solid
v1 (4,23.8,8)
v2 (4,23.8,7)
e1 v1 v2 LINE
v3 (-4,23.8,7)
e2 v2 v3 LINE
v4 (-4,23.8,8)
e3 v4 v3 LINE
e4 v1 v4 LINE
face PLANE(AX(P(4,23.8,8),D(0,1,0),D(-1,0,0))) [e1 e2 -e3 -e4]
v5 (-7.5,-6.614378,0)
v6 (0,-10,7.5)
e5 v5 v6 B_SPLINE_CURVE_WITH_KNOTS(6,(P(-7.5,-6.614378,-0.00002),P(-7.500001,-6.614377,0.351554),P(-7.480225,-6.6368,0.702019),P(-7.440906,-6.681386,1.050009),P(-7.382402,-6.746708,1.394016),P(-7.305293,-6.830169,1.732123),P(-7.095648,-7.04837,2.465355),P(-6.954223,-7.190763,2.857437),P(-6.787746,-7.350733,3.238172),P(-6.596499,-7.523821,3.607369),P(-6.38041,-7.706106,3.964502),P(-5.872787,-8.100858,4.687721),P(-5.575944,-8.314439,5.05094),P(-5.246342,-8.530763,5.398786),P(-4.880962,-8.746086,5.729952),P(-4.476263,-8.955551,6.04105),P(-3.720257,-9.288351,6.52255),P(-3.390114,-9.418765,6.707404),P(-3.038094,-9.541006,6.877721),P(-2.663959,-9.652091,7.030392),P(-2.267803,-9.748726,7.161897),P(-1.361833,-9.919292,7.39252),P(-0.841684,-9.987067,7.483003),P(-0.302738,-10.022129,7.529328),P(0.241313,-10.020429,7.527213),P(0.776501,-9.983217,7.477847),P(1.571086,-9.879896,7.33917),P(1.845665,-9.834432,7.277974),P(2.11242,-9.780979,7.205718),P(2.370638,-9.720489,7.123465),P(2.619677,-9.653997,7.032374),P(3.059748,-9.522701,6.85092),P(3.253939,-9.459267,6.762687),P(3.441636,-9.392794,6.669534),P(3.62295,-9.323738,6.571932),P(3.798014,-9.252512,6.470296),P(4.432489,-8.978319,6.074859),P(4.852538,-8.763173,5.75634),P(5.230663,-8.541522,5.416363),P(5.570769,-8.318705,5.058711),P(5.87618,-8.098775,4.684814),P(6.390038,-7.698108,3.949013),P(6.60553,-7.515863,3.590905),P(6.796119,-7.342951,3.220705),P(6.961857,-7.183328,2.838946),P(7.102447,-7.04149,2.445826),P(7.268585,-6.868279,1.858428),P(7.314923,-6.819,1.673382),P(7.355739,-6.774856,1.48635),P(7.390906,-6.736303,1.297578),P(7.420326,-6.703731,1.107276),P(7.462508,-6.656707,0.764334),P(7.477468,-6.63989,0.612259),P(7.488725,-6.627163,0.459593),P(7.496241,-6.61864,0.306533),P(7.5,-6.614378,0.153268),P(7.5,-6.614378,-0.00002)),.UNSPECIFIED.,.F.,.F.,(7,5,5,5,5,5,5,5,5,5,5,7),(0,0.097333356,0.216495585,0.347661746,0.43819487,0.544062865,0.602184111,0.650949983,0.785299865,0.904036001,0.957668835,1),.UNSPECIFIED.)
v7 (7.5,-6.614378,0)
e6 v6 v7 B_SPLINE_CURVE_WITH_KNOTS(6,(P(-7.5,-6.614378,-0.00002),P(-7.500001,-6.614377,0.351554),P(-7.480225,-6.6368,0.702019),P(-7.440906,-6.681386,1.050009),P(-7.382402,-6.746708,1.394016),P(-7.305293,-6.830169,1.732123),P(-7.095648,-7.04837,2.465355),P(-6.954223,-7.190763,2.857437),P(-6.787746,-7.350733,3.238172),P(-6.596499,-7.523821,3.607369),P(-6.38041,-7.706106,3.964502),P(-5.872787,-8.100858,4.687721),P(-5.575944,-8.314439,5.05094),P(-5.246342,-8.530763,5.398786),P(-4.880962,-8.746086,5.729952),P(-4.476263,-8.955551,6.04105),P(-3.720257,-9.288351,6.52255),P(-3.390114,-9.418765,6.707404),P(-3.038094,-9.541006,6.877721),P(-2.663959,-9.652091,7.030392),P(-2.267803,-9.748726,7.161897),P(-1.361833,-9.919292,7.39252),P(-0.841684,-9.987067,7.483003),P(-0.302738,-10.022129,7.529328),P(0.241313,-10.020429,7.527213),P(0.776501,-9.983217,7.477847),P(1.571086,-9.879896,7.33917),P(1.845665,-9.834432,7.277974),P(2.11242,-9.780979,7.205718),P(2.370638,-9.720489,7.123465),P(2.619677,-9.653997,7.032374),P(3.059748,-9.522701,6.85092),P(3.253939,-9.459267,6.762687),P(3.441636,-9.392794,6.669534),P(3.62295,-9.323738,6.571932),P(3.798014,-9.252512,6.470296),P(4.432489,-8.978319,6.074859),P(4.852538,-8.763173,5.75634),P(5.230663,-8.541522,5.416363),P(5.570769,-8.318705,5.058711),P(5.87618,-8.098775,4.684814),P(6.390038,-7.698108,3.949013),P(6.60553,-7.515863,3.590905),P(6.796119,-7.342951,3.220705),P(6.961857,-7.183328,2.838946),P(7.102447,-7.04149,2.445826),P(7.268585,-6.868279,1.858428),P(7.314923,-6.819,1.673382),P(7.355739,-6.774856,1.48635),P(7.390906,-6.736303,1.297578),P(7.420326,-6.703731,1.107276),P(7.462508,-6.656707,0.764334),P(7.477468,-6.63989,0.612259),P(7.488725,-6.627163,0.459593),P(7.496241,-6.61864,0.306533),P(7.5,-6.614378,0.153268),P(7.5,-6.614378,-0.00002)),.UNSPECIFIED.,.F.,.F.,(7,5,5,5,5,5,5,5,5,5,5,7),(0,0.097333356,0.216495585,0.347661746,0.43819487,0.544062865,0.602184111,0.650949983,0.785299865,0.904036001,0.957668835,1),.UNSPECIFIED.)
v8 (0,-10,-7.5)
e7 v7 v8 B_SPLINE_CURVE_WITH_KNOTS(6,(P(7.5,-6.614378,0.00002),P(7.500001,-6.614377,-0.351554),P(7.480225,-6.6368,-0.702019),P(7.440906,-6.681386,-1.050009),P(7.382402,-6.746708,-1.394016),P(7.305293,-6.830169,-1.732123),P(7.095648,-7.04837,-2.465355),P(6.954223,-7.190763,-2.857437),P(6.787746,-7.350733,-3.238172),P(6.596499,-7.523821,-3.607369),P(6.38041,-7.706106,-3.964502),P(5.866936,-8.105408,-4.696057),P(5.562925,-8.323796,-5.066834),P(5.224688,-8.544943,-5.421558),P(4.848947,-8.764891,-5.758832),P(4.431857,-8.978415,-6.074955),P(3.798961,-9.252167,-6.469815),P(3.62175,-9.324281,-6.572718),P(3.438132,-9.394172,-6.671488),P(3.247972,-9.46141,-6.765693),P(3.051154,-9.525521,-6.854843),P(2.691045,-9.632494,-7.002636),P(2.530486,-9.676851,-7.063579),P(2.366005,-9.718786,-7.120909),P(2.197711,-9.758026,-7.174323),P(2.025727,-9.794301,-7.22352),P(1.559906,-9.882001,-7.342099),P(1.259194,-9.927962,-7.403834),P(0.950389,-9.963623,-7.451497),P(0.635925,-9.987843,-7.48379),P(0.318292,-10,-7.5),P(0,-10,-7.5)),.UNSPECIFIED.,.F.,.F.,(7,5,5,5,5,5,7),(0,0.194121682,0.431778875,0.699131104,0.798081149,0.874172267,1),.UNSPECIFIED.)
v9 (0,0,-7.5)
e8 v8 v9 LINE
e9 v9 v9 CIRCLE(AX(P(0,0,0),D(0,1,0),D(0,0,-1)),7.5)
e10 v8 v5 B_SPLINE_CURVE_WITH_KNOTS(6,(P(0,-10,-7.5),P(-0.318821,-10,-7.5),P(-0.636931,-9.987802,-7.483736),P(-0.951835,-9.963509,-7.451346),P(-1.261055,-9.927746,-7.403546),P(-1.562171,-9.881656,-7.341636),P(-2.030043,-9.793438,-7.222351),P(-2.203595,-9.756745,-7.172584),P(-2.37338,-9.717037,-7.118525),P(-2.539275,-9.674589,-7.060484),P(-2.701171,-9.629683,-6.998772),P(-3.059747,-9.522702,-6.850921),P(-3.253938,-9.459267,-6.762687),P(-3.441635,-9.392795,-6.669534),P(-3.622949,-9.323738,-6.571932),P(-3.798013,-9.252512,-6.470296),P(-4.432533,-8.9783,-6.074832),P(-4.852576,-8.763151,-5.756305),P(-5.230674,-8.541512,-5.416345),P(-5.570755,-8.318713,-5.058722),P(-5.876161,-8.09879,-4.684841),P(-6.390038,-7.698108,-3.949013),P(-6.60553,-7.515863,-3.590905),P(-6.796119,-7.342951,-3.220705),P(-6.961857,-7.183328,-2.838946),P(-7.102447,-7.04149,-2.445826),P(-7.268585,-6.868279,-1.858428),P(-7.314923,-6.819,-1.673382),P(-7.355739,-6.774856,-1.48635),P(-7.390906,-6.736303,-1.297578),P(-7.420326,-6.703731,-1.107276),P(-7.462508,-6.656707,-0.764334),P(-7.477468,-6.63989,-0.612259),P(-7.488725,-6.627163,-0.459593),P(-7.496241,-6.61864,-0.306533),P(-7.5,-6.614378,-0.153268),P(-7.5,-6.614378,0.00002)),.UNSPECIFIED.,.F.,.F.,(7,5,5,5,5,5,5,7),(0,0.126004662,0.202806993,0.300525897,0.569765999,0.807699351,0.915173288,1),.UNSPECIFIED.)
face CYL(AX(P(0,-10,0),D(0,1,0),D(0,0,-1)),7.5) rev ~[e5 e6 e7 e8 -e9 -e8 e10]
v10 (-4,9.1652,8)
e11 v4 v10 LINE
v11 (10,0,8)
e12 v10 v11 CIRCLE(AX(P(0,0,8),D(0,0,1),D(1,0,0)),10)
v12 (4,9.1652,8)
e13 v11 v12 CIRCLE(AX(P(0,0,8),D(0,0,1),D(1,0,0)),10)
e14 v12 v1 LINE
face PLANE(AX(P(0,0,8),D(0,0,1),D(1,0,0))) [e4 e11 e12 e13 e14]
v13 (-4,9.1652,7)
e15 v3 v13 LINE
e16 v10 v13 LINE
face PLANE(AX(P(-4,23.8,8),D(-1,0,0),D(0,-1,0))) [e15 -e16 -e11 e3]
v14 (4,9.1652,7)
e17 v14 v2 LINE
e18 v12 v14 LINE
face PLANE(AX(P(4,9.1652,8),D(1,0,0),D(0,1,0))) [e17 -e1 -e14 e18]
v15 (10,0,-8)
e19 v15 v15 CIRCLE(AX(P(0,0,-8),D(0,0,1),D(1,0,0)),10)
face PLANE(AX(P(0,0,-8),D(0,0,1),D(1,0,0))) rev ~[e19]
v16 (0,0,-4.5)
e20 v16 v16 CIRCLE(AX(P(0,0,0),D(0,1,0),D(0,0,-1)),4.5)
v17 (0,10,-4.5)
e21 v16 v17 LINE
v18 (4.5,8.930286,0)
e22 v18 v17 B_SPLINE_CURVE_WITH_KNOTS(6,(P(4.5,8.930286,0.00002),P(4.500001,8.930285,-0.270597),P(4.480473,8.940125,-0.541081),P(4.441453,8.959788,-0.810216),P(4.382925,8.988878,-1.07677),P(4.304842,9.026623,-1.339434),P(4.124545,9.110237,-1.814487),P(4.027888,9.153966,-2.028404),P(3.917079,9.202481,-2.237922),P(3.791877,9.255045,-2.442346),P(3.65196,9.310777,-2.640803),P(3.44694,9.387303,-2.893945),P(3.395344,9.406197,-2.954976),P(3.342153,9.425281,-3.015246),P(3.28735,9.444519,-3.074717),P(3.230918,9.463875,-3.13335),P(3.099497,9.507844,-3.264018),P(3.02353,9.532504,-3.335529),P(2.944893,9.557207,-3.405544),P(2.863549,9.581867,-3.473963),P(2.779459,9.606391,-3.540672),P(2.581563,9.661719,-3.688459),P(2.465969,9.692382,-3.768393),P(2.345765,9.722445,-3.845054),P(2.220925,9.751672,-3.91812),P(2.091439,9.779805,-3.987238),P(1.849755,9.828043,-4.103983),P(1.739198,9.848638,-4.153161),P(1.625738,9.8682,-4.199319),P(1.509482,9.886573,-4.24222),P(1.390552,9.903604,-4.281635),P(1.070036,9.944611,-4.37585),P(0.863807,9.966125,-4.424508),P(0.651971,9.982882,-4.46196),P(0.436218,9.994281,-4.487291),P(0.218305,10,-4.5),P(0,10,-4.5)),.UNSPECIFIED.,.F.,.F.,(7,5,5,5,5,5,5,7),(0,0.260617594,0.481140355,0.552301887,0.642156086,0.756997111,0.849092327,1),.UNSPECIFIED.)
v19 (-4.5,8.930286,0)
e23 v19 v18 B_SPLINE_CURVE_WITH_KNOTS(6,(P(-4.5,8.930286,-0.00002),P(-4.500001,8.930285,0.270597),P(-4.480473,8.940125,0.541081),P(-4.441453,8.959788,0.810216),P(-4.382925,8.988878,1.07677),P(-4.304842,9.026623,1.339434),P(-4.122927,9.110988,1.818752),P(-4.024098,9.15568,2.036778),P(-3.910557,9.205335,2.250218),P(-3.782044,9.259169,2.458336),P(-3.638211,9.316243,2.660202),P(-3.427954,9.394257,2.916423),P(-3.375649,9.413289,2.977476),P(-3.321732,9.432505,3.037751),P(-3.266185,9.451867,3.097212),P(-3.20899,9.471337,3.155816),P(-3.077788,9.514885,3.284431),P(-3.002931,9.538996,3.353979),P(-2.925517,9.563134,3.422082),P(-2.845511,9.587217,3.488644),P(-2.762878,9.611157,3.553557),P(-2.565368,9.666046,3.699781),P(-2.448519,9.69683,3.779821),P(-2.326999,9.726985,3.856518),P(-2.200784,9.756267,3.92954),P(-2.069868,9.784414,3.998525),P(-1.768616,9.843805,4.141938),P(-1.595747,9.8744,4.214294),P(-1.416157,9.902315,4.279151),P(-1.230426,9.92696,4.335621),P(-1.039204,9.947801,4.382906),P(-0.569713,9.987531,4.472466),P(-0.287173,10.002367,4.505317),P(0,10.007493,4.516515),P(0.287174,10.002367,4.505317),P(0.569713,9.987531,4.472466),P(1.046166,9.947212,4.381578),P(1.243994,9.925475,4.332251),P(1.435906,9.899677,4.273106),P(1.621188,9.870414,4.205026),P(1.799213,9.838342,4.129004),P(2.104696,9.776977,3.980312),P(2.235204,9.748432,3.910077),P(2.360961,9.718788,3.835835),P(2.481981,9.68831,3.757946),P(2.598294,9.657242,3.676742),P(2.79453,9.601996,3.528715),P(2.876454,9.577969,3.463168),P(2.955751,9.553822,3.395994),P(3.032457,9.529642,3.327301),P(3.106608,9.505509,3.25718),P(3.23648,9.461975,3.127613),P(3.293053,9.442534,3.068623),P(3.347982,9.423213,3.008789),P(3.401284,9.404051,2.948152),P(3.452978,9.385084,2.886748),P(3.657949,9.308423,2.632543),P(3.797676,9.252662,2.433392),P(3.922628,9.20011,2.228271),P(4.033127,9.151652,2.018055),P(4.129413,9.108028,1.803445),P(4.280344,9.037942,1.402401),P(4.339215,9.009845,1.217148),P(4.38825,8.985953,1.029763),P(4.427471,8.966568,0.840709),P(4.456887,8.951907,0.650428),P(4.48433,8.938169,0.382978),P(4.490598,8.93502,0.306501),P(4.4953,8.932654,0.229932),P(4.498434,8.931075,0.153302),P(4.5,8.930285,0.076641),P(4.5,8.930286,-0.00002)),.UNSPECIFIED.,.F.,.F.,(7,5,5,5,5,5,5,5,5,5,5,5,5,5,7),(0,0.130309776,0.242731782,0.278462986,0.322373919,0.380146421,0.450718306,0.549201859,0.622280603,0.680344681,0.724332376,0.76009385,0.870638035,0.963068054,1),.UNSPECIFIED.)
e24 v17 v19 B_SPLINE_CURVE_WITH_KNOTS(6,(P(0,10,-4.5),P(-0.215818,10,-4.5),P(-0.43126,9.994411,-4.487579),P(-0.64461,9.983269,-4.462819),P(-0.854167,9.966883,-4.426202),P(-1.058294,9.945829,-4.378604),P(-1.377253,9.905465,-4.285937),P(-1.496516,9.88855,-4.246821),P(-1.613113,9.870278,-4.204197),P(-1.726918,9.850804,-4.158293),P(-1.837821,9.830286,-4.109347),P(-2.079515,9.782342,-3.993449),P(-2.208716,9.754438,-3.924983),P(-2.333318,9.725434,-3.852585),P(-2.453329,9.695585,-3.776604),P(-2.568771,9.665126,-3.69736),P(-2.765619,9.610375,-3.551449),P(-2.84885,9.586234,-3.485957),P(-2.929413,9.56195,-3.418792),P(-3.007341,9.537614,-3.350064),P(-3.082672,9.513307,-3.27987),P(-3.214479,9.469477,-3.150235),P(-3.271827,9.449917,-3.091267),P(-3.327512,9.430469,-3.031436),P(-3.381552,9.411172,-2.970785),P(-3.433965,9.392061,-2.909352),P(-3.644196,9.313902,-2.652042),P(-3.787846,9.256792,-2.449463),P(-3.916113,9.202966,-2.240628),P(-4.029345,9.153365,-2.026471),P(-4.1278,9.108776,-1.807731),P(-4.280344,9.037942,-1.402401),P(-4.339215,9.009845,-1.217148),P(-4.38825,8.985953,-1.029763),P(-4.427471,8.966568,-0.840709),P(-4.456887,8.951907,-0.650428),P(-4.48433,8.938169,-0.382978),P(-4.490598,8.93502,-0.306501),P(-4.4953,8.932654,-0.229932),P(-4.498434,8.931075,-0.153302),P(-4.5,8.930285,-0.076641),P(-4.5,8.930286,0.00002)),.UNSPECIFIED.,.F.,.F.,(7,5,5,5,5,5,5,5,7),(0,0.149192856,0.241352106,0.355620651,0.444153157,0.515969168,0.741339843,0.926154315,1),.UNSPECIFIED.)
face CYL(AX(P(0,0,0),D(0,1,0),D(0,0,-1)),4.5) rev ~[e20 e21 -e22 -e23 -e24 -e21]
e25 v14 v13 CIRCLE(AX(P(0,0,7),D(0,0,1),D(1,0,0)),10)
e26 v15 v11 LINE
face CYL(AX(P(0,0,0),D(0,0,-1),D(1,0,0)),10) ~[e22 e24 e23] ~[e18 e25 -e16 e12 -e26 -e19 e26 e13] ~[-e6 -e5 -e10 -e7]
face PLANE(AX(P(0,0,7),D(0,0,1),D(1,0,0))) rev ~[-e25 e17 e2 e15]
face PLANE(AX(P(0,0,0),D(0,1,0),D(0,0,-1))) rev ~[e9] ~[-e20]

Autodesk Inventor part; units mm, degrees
ref_plane "YZ Plane" through (0, 0, 0) normal (1, 0, 0) x (0, 1, 0)
ref_plane "XZ Plane" through (0, 0, 0) normal (0, 1, 0) x (-1, 0, 0)
ref_plane "XY Plane" through (0, 0, 0) normal (0, 0, 1) x (1, 0, 0)
sketch "Sketch1" plane through (0, 0, 0) normal (0, 0, 1) x (1, 0, 0)
  circle A0 centre (0, 0) radius 10
  dimension "Diameter" = 20
extrude "Base" add sketch "Sketch1" along normal mid plane 16
sketch "Sketch3" plane through (0, 0, 0) normal (0, 1, 0) x (-1, 0, 0)
  line L0 (-10, -8) -> (-10, 8) projected
  line L1 (10, -8) -> (10, 8) projected
  line L2 (-10, 8) -> (10, 8) projected
  line L3 (10, -8) -> (-10, -8) projected
  line L4 (-10, 2.2) -> (0.5164, -8)
  line L5 (-0.5164, -8) -> (10, 2.2)
  line L6 (0, -11.2) -> (0, 11.2) construction
  dimension "d43" = 91.75
  dimension "d44" = 5.8
extrude "Pneumatic Cut" [suppressed]
sketch "Sketch2" plane through (0, 0, 8) normal (0, 0, 1) x (1, 0, 0)
  circle A0 centre (0, 0) radius 10 projected
  line L0 (-4, 9.1652) -> (4, 9.1652)
  line L1 (4, 9.1652) -> (4, 23.8)
  line L2 (4, 23.8) -> (-4, 23.8)
  line L3 (-4, 23.8) -> (-4, 9.1652)
  point P0 (0, 23.8)
  dimension "Tab_Length" = 33.8
  dimension "Tab_Width" = 8
extrude "Tab" add sketch "Sketch2" against normal blind 1 contours A0 L3 L2 L1
hole "M6 Thru Hole" [suppressed]
hole "M8 Thru Hole" at (0, -10, 0) direction (0, 1, 0) diameter 9 end through all counterbore diameter 15 counterbore depth 10 clearance for "Socket Head Cap Screw" size "M8" standard "Ansi Metric M Profile"
hole "M6 Threaded" [suppressed]
hole "M8 Threaded" [suppressed]
equation "\"d21\" = 0.5 * Diameter"
equation "\"d8\" = 0.5 * Diameter"
properties part number "20-004Z1" material "Zinc ZA-12"
